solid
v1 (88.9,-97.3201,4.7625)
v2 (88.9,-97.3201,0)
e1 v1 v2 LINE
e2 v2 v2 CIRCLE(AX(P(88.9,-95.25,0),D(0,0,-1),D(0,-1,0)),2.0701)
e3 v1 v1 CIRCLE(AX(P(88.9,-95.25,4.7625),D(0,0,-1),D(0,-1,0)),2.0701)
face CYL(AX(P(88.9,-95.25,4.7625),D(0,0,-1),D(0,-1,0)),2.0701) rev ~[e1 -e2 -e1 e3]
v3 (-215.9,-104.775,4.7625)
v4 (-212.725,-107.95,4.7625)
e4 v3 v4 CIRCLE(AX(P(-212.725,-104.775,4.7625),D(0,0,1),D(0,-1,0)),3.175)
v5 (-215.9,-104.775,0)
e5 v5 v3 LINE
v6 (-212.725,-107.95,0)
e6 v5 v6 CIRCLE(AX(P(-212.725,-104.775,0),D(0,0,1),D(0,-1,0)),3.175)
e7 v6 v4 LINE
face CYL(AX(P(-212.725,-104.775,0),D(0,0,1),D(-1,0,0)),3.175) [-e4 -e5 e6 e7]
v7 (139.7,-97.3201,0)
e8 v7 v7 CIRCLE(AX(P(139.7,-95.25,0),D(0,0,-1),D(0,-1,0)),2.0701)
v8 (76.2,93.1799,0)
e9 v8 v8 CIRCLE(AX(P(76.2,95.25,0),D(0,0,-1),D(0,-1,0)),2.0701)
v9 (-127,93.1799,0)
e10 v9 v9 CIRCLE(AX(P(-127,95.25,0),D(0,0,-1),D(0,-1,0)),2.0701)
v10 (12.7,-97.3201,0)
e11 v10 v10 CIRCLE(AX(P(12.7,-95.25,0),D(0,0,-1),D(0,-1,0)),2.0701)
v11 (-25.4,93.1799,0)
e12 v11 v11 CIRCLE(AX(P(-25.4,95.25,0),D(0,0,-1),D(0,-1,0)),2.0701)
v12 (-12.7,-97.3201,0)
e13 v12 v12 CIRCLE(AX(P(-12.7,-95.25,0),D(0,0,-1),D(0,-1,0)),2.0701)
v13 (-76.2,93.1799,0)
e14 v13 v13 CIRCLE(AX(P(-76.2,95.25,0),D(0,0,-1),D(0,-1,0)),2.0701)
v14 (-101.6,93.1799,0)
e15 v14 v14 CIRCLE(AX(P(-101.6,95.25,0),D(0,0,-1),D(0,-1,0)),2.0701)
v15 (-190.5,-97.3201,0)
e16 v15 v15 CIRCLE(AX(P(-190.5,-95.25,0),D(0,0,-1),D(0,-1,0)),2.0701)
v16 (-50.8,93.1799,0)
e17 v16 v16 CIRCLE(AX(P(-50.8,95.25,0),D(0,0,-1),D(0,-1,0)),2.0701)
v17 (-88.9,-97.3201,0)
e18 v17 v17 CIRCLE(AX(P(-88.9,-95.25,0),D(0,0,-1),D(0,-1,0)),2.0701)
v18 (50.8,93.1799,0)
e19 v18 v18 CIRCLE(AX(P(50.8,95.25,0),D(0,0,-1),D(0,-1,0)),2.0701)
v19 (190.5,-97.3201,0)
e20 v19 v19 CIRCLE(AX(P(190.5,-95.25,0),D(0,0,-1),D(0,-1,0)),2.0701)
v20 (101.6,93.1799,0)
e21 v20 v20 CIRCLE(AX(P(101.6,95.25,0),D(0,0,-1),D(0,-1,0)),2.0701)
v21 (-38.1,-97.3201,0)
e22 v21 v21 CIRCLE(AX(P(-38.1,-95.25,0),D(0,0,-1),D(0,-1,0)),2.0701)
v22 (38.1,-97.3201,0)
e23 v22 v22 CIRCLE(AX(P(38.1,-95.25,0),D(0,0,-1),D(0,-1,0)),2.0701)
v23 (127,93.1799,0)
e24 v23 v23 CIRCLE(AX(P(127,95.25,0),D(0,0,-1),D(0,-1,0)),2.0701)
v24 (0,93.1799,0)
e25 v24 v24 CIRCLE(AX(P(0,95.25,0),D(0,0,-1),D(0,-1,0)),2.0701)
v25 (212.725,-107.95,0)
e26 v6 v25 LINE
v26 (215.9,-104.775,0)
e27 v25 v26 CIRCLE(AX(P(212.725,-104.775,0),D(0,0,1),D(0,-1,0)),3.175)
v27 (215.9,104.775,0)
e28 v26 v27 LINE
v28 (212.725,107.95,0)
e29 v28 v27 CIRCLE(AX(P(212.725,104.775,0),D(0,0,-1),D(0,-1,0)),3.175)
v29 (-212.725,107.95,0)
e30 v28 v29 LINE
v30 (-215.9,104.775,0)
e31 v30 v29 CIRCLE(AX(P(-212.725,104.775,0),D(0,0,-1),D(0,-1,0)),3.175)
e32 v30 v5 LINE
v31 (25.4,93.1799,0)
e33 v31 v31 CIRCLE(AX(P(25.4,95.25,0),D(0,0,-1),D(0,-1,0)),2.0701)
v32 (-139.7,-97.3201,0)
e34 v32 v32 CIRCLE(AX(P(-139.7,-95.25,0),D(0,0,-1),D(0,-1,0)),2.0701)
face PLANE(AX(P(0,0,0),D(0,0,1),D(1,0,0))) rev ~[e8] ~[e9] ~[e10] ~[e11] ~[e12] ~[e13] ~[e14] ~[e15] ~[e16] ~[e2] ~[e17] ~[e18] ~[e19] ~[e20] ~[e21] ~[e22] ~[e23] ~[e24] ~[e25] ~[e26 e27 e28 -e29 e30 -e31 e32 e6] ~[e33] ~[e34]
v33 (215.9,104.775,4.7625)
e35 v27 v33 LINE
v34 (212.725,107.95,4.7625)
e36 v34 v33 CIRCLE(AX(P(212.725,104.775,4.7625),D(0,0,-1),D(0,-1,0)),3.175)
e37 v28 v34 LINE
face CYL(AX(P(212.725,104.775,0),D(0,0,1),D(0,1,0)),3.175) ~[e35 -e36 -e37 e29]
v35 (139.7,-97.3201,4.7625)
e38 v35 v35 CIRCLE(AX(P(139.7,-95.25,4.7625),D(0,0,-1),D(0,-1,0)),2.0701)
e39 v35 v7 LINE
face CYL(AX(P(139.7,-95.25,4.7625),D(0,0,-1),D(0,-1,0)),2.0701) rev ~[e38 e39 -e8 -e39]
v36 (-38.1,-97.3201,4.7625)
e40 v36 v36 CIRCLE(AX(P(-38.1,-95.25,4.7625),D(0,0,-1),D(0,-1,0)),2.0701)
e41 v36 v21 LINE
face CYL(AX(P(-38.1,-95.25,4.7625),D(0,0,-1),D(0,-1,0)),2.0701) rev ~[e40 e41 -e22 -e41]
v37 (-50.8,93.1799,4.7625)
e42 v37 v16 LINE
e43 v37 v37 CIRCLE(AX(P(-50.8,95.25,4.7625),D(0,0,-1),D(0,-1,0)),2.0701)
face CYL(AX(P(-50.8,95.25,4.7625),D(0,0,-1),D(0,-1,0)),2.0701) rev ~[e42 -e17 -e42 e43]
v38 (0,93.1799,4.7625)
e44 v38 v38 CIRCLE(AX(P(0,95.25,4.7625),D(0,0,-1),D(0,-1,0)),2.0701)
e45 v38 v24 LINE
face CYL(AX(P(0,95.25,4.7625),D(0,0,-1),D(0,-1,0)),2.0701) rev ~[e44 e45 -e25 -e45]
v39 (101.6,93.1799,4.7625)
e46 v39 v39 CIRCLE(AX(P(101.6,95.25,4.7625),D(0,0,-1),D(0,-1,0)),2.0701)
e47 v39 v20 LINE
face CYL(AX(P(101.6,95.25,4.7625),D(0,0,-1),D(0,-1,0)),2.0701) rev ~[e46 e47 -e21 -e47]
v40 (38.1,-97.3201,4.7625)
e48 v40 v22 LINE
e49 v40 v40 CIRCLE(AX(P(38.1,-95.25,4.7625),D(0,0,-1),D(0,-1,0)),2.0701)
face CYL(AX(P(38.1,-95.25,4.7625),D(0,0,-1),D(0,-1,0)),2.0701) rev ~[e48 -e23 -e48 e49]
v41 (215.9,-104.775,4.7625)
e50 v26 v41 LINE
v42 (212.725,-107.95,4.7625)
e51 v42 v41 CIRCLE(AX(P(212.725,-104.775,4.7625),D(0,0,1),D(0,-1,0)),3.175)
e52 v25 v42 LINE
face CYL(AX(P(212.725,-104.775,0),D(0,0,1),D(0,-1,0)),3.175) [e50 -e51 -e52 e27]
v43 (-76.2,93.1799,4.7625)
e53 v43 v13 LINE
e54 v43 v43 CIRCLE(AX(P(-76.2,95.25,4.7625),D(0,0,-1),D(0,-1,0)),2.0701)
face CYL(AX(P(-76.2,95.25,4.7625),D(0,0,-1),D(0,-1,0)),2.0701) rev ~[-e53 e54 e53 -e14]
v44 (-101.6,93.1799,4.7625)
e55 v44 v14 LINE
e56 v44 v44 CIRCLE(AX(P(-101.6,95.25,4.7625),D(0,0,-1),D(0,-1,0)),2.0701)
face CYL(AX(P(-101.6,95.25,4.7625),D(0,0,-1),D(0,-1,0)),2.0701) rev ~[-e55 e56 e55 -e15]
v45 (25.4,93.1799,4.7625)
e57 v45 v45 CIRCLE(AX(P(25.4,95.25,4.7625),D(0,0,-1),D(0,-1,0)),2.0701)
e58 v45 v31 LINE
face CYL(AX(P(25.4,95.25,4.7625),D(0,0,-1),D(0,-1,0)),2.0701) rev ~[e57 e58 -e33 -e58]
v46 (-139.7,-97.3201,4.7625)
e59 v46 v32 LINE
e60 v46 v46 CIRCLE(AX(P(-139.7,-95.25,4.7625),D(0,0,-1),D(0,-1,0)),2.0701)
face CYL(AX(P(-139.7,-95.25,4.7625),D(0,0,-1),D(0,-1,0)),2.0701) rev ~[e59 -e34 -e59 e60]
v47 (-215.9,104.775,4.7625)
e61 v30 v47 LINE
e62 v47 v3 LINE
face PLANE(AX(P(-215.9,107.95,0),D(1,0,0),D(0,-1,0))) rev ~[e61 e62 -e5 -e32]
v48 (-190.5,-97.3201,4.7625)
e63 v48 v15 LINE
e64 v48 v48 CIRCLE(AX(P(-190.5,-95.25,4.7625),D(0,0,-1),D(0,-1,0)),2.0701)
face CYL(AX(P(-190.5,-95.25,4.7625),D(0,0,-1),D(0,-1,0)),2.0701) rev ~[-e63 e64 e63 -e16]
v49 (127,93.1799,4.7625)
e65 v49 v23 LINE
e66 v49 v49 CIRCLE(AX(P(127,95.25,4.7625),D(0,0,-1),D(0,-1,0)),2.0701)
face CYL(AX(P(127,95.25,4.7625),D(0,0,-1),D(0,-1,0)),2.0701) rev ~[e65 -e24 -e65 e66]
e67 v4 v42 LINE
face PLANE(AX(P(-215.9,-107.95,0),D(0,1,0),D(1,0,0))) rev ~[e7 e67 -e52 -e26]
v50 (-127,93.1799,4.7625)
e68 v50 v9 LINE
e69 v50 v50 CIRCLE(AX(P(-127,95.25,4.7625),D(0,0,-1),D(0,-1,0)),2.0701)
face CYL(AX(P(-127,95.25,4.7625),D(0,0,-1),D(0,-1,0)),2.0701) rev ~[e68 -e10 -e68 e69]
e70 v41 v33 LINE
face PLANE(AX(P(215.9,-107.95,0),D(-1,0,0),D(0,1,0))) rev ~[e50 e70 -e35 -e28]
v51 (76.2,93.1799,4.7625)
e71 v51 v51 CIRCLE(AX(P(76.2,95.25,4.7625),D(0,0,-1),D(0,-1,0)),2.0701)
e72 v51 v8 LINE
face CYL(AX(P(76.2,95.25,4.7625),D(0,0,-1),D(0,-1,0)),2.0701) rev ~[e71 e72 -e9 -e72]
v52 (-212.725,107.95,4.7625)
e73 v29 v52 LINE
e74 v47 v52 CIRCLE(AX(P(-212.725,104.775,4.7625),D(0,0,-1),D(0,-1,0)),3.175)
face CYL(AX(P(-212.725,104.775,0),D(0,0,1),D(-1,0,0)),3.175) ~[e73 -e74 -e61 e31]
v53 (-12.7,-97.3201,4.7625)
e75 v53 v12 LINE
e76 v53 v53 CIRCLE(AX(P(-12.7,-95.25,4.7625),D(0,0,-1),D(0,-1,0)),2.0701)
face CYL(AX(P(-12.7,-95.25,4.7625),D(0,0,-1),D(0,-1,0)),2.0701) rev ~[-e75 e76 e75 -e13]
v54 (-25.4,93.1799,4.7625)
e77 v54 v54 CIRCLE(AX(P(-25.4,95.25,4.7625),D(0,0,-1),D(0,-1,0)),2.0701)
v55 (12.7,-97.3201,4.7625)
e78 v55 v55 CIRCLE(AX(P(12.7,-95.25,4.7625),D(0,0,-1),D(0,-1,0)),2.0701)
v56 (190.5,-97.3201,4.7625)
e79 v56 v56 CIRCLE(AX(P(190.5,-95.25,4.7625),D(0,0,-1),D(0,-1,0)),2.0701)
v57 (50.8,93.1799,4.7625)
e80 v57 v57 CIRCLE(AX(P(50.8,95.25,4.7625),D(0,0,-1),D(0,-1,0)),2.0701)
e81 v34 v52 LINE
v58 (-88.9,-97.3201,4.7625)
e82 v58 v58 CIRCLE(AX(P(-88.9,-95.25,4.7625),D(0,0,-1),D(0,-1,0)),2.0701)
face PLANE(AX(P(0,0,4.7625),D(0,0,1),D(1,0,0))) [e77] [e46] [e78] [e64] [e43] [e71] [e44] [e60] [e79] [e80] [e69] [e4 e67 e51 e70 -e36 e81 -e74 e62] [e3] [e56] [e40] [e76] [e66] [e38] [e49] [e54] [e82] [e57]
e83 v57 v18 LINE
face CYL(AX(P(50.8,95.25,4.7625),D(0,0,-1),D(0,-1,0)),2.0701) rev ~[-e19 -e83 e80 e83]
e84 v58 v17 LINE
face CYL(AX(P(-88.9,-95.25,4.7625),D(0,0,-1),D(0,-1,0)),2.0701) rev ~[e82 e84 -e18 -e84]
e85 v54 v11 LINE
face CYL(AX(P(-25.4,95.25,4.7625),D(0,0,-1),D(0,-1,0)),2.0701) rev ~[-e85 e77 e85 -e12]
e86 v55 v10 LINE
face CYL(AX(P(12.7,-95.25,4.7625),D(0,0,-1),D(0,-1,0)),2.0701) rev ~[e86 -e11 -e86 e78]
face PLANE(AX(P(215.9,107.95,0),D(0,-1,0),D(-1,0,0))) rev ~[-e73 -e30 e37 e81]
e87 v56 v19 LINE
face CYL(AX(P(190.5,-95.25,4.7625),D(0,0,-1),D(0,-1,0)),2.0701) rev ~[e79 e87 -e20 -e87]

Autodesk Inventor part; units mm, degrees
ref_plane "YZ Plane" through (0, 0, 0) normal (1, 0, 0) x (0, 1, 0)
ref_plane "XZ Plane" through (0, 0, 0) normal (0, 1, 0) x (-1, 0, 0)
ref_plane "XY Plane" through (0, 0, 0) normal (0, 0, 1) x (1, 0, 0)
sketch "Sketch1" plane through (0, 0, 0) normal (0, 0, 1) x (1, 0, 0)
  line L0 (-215.9, -107.95) -> (215.9, -107.95)
  line L1 (215.9, -107.95) -> (215.9, 107.95)
  line L2 (215.9, 107.95) -> (-215.9, 107.95)
  line L3 (-215.9, 107.95) -> (-215.9, -107.95)
  line L4 (-215.9, -107.95) -> (215.9, 107.95) construction
  line L5 (215.9, -107.95) -> (-215.9, 107.95) construction
  point P0 (0, 0)
  dimension "d0" = 215.9
  dimension "d1" = 431.8
extrude "Extrusion1" add sketch "Sketch1" along normal blind 4.7625
sketch "Sketch2" plane through (0, 0, 4.7625) normal (0, 0, 1) x (1, 0, 0)
  line L0 (215.9, -107.95) -> (215.9, 107.95) projected
  line L1 (215.9, 107.95) -> (-215.9, 107.95) projected
  line L2 (-215.9, -107.95) -> (215.9, -107.95) projected
  point P0 (0, 0)
  point P1 (127, 95.25)
  point P2 (190.5, -95.25)
  point P3 (101.6, 95.25)
  point P4 (76.2, 95.25)
  point P5 (50.8, 95.25)
  point P6 (25.4, 95.25)
  point P7 (0, 95.25)
  point P8 (-25.4, 95.25)
  point P9 (-50.8, 95.25)
  point P10 (-76.2, 95.25)
  point P11 (-101.6, 95.25)
  point P12 (-127, 95.25)
  point P13 (139.7, -95.25)
  point P14 (88.9, -95.25)
  point P15 (38.1, -95.25)
  point P16 (-12.7, -95.25)
  point P17 (12.7, -95.25)
  point P18 (-38.1, -95.25)
  point P19 (-88.9, -95.25)
  point P20 (-139.7, -95.25)
  point P21 (-190.5, -95.25)
  dimension "d12" = 88.9
  dimension "d13" = 12.7
  dimension "d14" = 25.4
  dimension "d15" = 12.7
  dimension "d18" = 25.4
  dimension "d25" = 50.8
  dimension "d30" = 25.4
  dimension "d31" = 12.7
  dimension "d32" = 25.4
  dimension "d33" = 12.7
  dimension "d36" = 50.8
hole "Hole1" at (127, 95.25, 4.7625) at (101.6, 95.25, 4.7625) at (76.2, 95.25, 4.7625) at (50.8, 95.25, 4.7625) at (25.4, 95.25, 4.7625) at (0, 95.25, 4.7625) at (-25.4, 95.25, 4.7625) at (-50.8, 95.25, 4.7625) at (-76.2, 95.25, 4.7625) at (-101.6, 95.25, 4.7625) at (-127, 95.25, 4.7625) at (190.5, -95.25, 4.7625) at (139.7, -95.25, 4.7625) at (88.9, -95.25, 4.7625) at (38.1, -95.25, 4.7625) at (12.7, -95.25, 4.7625) at (-12.7, -95.25, 4.7625) at (-38.1, -95.25, 4.7625) at (-88.9, -95.25, 4.7625) at (-139.7, -95.25, 4.7625) at (-190.5, -95.25, 4.7625) direction (0, 0, -1) diameter 4.1402 end through all
fillet "Fillet1" radius 3.175 4 edges at (215.9, -107.95, 2.3813) (-215.9, -107.95, 2.3813) (-215.9, 107.95, 2.3813) (215.9, 107.95, 2.3813)
properties part number "C16_TK_ElectricBoard" material "Polycarbonate, Clear"
